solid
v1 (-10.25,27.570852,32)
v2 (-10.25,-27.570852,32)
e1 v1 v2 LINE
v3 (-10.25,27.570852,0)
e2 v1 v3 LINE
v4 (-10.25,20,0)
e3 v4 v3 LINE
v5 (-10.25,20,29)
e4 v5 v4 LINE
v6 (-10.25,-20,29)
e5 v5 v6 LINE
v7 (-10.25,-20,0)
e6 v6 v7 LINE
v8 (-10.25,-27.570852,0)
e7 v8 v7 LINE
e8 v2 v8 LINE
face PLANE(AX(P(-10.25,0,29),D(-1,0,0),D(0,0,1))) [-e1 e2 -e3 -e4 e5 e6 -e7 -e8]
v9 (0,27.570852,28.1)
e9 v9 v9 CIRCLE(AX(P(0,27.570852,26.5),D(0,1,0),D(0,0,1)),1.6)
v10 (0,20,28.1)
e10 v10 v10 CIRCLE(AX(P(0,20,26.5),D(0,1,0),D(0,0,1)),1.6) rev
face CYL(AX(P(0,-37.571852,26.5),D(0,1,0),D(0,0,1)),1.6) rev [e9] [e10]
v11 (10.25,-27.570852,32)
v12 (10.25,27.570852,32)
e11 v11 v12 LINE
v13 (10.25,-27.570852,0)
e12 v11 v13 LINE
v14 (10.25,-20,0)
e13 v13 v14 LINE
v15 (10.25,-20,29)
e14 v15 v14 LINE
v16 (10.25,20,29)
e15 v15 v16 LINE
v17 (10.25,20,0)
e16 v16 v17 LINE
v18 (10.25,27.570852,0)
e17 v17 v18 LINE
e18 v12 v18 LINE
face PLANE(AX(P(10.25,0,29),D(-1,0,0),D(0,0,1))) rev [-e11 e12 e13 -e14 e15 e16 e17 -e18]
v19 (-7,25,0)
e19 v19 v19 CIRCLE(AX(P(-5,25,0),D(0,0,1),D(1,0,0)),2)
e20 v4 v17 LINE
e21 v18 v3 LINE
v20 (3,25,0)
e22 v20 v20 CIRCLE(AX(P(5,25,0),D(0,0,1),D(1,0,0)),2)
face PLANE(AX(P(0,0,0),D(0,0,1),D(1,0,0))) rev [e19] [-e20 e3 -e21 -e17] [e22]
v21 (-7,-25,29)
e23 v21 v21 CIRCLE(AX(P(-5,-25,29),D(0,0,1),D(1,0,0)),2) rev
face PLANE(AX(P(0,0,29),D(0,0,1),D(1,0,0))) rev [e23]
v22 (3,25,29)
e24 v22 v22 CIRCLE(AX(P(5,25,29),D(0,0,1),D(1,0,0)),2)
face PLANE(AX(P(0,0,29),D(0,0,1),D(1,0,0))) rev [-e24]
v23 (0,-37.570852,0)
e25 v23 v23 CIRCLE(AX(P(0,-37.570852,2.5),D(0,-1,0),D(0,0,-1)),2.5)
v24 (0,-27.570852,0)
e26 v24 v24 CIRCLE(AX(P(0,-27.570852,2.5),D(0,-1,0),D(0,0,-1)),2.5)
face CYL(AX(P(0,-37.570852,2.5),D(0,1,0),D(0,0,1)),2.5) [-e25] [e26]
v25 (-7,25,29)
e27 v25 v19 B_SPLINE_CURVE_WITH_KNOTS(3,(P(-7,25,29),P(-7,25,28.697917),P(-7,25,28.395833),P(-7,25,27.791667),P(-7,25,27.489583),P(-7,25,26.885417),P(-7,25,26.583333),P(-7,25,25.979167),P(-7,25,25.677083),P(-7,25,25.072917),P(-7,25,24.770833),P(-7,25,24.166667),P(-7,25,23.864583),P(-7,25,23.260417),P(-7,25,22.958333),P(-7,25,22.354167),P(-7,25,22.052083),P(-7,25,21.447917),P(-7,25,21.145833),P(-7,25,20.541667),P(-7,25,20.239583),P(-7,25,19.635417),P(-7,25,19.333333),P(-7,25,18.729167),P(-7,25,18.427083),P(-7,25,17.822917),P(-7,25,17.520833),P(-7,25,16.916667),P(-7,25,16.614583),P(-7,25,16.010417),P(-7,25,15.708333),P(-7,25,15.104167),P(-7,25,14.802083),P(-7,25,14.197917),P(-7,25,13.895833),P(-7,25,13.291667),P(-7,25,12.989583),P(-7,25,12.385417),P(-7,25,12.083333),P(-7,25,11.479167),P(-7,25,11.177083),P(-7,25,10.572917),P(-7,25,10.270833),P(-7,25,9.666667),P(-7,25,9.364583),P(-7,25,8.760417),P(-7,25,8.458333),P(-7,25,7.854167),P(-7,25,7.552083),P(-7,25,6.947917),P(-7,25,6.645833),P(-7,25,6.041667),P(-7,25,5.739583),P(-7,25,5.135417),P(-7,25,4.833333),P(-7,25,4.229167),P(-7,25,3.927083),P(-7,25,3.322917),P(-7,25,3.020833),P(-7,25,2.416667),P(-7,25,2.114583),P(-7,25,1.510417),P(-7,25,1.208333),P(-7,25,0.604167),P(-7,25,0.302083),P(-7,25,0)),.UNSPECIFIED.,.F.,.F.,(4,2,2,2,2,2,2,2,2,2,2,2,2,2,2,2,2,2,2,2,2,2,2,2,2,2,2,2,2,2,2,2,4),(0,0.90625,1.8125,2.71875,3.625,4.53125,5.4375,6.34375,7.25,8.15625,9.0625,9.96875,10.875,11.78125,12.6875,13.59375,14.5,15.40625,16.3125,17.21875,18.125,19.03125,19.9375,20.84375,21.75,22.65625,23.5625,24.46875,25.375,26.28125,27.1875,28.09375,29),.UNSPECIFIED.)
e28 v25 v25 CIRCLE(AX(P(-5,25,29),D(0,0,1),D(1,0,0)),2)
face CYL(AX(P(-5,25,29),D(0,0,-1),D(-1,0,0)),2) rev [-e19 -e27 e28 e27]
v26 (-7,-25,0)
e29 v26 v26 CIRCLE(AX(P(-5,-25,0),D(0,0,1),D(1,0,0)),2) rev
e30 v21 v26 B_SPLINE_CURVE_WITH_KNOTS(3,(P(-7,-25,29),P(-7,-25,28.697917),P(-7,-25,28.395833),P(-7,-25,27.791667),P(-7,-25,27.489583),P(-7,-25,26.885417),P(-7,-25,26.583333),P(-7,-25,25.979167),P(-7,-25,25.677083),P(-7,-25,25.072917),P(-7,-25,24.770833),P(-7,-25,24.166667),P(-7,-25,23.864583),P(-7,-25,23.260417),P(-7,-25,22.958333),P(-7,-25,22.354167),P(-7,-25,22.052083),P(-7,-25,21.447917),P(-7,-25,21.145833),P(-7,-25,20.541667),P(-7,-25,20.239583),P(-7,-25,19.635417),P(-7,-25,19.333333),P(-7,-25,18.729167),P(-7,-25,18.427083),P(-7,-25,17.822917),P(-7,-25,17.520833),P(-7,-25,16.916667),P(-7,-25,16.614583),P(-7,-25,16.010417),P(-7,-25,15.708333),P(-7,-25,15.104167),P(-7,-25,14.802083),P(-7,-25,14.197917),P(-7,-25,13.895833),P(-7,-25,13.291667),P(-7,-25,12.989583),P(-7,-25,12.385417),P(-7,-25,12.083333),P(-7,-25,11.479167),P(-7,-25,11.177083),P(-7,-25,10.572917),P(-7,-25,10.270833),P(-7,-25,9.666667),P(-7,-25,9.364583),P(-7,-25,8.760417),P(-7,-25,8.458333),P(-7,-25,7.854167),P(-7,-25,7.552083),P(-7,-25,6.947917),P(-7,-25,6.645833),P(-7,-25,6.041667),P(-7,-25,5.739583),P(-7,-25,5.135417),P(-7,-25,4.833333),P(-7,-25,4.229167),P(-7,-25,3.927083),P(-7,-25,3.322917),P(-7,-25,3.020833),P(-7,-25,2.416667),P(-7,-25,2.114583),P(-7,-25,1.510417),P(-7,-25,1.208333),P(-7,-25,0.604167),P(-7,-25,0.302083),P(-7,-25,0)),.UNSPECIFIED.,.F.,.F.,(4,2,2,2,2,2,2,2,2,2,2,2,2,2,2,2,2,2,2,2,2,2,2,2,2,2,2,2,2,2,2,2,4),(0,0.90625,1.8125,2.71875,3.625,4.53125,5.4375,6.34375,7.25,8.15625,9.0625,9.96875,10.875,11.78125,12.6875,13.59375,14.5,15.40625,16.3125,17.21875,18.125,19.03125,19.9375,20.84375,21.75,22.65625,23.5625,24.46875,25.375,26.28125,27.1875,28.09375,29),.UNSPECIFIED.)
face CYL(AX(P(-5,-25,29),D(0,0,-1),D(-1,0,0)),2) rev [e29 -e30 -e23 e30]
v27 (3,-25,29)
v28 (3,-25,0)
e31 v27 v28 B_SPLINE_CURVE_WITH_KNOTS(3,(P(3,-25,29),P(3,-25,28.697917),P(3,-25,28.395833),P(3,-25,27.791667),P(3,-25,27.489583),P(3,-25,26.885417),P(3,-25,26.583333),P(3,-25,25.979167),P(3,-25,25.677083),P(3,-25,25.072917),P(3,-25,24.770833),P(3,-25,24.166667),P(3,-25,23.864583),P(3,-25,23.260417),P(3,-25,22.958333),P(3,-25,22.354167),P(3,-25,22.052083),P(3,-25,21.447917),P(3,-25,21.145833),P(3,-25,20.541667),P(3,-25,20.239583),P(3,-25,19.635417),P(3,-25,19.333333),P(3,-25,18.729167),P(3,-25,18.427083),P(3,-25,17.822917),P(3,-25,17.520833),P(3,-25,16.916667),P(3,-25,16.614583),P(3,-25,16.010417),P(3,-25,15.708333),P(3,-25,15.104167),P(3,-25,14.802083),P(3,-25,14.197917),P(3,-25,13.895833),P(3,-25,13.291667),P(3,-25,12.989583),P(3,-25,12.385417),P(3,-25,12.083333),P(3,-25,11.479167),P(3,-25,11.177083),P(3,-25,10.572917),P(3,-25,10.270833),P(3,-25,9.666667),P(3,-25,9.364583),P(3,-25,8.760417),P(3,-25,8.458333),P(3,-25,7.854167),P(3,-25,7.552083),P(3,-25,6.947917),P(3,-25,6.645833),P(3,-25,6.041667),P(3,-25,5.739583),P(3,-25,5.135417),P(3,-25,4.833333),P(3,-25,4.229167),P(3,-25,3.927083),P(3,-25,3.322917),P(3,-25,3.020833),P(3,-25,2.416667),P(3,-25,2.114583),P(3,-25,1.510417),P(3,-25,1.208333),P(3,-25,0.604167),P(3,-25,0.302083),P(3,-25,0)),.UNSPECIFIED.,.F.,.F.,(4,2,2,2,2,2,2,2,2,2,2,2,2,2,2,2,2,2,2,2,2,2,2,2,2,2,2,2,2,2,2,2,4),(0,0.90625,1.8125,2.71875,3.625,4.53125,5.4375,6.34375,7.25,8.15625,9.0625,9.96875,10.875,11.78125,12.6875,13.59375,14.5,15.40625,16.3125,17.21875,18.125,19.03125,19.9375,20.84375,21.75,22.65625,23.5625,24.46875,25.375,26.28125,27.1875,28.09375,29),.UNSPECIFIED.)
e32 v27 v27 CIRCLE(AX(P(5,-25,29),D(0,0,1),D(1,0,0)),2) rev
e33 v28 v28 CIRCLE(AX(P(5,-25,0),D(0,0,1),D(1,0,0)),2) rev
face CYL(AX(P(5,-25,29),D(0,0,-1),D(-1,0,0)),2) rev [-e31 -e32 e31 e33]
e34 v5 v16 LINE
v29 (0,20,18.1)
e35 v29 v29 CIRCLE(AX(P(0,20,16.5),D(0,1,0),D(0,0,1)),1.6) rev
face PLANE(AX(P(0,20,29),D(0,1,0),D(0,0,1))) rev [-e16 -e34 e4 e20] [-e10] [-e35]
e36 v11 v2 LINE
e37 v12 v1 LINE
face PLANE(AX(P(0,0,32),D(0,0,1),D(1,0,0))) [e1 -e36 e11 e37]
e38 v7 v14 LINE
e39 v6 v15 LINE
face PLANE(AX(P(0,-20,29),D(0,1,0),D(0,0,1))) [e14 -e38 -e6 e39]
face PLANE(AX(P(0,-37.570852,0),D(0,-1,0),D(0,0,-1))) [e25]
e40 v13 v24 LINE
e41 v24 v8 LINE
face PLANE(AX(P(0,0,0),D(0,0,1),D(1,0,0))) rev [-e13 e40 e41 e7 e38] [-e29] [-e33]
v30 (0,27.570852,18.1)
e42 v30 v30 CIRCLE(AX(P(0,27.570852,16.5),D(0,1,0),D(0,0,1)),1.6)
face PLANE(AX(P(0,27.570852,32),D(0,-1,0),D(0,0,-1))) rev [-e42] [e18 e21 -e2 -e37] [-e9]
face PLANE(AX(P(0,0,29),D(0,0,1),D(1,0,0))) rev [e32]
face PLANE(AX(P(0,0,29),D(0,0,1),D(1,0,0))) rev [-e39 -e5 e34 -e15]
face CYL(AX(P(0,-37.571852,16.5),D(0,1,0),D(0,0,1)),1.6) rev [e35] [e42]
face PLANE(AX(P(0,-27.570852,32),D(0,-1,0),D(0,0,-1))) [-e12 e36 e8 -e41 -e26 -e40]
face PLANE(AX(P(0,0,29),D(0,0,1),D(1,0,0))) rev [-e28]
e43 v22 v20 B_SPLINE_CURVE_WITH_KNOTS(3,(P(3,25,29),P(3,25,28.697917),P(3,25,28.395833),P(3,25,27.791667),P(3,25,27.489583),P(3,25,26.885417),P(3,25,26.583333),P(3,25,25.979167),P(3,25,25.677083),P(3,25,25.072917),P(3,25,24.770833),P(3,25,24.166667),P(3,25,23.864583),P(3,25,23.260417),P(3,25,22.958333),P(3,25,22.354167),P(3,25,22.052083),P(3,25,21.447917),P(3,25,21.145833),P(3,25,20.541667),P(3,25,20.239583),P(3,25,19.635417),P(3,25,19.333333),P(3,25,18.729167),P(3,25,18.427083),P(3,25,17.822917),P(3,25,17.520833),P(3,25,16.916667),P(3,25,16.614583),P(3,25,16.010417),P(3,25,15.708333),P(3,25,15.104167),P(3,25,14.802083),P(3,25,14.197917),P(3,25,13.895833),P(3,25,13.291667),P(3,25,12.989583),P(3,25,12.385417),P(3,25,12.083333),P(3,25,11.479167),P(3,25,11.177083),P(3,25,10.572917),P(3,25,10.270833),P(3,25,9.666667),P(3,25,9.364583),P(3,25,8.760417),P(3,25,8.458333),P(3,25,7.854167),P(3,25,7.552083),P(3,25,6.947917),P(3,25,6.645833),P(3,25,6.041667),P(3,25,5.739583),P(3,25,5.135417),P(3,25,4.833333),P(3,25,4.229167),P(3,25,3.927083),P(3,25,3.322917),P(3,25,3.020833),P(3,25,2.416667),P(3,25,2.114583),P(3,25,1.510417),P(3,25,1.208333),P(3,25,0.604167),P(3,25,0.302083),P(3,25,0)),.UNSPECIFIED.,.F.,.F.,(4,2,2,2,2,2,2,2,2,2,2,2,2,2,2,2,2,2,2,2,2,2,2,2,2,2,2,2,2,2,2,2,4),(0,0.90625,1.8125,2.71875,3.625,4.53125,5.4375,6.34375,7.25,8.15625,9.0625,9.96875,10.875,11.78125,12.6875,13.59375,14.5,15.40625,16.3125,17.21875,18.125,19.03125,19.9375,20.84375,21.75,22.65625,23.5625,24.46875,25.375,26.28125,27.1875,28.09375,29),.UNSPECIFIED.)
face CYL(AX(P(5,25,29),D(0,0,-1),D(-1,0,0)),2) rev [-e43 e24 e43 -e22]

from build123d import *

# Parameters (mm, degrees)
SKETCH_1_W          = 20.5
SKETCH_1_H          = 15.141704846
SKETCH_1_R          = 2
EXTRUDE_1_DEPTH     = 29
SKETCH_2_W          = 20.5
SKETCH_2_H          = 70.283409692
EXTRUDE_2_DEPTH     = 3
SKETCH_3_W          = 20.5
SKETCH_3_H          = 7.570852423
CUT_EXTRUDE_1_DEPTH = 49.621002864
SKETCH_5_R          = 2.5
EXTRUDE_3_DEPTH     = 10
CUT_EXTRUDE_2_REACH = 75.297
SKETCH_8_R          = 1.6


with BuildPart() as part:
    # 草图1 → 凸台-拉伸1 (new body)
    # profile 1 of 3: a face of its own
    with BuildSketch(Plane.XY):
        with BuildLine():
            Line((-10.25, 35.141704846), (-10.25, 20))
            Line((-10.25, 20), (-5, 20))
            Line((-5, 20), (-5, 23))
            ThreePointArc((-5, 23), (-6.414213562, 26.414213562), (-3, 25))
            Line((-3, 25), (3, 25))
            ThreePointArc((3, 25), (5, 27), (7, 25))
            ThreePointArc((7, 25), (6.414213562, 23.585786438), (5, 23))
            Line((5, 23), (5, 20))
            Line((5, 20), (10.25, 20))
            Line((10.25, 20), (10.25, 35.141704846))
            Line((10.25, 35.141704846), (-10.25, 35.141704846))
        make_face()
    # profile 2 of 3: a face of its own
    with BuildSketch(Plane.XY):
        with Locations((0, -27.570852423)):
            Rectangle(SKETCH_1_W, SKETCH_1_H)
        with Locations(Location((-5, -25, 0), (0, 0, 180))):
            Circle(SKETCH_1_R, mode=Mode.SUBTRACT)
        with Locations(Location((5, -25, 0), (0, 0, 180))):
            Circle(SKETCH_1_R, mode=Mode.SUBTRACT)
    # profile 3 of 3: a face of its own
    with BuildSketch(Plane.XY):
        with BuildLine():
            Line((-5, 23), (-5, 20))
            Line((-5, 20), (5, 20))
            Line((5, 20), (5, 23))
            ThreePointArc((5, 23), (3.585786438, 23.585786438), (3, 25))
            Line((3, 25), (-3, 25))
            ThreePointArc((-3, 25), (-3.585786438, 23.585786438), (-5, 23))
        make_face()
    extrude(amount=EXTRUDE_1_DEPTH)

    # 草图2 → 凸台-拉伸2 (add)
    with BuildSketch(Plane.XY.offset(29)):
        Rectangle(SKETCH_2_W, SKETCH_2_H)
    extrude(amount=EXTRUDE_2_DEPTH)

    # 草图3 → 切除-拉伸1 (cut, through all)
    with BuildSketch(Plane(origin=(0, 0, 0), x_dir=(-1, 0, 0), z_dir=(0, 0, -1))):
        with Locations((0, -31.356278635)):
            Rectangle(SKETCH_3_W, SKETCH_3_H)
        with Locations((0, 31.356278635)):
            Rectangle(SKETCH_3_W, SKETCH_3_H)
    extrude(amount=-CUT_EXTRUDE_1_DEPTH, mode=Mode.SUBTRACT)

    # 草图5 → 凸台-拉伸3 (add)
    with BuildSketch(Plane.XZ.offset(27.570852423)):
        with Locations(Location((0, 2.5, 0), (0, 0, 270))):
            Circle(SKETCH_5_R)
    extrude(amount=EXTRUDE_3_DEPTH)

    # 草图8 → 切除-拉伸2 (cut, up to next)
    with BuildSketch(Plane(origin=(0, 27.570852423, 0), x_dir=(1, 0, 0), z_dir=(0, 1, 0)), mode=Mode.PRIVATE) as cut_extrude_2_sk1:
        with Locations(Location((0, -16.5, 0), (0, 0, 270))):
            Circle(SKETCH_8_R)
    cut_extrude_2_tool1 = extrude(cut_extrude_2_sk1.sketch, amount=-CUT_EXTRUDE_2_REACH, mode=Mode.PRIVATE) & part.part
    # 草图8 → 切除-拉伸2 (cut, up to next)
    with BuildSketch(Plane(origin=(0, 27.570852423, 0), x_dir=(1, 0, 0), z_dir=(0, 1, 0)), mode=Mode.PRIVATE) as cut_extrude_2_sk2:
        with Locations(Location((0, -26.5, 0), (0, 0, 270))):
            Circle(SKETCH_8_R)
    cut_extrude_2_tool2 = extrude(cut_extrude_2_sk2.sketch, amount=-CUT_EXTRUDE_2_REACH, mode=Mode.PRIVATE) & part.part
    add(cut_extrude_2_tool1.solids().sort_by_distance((0, 27.570852, 16.5))[0], mode=Mode.SUBTRACT)
    add(cut_extrude_2_tool2.solids().sort_by_distance((0, 27.570852, 26.5))[0], mode=Mode.SUBTRACT)


solid = part.part
